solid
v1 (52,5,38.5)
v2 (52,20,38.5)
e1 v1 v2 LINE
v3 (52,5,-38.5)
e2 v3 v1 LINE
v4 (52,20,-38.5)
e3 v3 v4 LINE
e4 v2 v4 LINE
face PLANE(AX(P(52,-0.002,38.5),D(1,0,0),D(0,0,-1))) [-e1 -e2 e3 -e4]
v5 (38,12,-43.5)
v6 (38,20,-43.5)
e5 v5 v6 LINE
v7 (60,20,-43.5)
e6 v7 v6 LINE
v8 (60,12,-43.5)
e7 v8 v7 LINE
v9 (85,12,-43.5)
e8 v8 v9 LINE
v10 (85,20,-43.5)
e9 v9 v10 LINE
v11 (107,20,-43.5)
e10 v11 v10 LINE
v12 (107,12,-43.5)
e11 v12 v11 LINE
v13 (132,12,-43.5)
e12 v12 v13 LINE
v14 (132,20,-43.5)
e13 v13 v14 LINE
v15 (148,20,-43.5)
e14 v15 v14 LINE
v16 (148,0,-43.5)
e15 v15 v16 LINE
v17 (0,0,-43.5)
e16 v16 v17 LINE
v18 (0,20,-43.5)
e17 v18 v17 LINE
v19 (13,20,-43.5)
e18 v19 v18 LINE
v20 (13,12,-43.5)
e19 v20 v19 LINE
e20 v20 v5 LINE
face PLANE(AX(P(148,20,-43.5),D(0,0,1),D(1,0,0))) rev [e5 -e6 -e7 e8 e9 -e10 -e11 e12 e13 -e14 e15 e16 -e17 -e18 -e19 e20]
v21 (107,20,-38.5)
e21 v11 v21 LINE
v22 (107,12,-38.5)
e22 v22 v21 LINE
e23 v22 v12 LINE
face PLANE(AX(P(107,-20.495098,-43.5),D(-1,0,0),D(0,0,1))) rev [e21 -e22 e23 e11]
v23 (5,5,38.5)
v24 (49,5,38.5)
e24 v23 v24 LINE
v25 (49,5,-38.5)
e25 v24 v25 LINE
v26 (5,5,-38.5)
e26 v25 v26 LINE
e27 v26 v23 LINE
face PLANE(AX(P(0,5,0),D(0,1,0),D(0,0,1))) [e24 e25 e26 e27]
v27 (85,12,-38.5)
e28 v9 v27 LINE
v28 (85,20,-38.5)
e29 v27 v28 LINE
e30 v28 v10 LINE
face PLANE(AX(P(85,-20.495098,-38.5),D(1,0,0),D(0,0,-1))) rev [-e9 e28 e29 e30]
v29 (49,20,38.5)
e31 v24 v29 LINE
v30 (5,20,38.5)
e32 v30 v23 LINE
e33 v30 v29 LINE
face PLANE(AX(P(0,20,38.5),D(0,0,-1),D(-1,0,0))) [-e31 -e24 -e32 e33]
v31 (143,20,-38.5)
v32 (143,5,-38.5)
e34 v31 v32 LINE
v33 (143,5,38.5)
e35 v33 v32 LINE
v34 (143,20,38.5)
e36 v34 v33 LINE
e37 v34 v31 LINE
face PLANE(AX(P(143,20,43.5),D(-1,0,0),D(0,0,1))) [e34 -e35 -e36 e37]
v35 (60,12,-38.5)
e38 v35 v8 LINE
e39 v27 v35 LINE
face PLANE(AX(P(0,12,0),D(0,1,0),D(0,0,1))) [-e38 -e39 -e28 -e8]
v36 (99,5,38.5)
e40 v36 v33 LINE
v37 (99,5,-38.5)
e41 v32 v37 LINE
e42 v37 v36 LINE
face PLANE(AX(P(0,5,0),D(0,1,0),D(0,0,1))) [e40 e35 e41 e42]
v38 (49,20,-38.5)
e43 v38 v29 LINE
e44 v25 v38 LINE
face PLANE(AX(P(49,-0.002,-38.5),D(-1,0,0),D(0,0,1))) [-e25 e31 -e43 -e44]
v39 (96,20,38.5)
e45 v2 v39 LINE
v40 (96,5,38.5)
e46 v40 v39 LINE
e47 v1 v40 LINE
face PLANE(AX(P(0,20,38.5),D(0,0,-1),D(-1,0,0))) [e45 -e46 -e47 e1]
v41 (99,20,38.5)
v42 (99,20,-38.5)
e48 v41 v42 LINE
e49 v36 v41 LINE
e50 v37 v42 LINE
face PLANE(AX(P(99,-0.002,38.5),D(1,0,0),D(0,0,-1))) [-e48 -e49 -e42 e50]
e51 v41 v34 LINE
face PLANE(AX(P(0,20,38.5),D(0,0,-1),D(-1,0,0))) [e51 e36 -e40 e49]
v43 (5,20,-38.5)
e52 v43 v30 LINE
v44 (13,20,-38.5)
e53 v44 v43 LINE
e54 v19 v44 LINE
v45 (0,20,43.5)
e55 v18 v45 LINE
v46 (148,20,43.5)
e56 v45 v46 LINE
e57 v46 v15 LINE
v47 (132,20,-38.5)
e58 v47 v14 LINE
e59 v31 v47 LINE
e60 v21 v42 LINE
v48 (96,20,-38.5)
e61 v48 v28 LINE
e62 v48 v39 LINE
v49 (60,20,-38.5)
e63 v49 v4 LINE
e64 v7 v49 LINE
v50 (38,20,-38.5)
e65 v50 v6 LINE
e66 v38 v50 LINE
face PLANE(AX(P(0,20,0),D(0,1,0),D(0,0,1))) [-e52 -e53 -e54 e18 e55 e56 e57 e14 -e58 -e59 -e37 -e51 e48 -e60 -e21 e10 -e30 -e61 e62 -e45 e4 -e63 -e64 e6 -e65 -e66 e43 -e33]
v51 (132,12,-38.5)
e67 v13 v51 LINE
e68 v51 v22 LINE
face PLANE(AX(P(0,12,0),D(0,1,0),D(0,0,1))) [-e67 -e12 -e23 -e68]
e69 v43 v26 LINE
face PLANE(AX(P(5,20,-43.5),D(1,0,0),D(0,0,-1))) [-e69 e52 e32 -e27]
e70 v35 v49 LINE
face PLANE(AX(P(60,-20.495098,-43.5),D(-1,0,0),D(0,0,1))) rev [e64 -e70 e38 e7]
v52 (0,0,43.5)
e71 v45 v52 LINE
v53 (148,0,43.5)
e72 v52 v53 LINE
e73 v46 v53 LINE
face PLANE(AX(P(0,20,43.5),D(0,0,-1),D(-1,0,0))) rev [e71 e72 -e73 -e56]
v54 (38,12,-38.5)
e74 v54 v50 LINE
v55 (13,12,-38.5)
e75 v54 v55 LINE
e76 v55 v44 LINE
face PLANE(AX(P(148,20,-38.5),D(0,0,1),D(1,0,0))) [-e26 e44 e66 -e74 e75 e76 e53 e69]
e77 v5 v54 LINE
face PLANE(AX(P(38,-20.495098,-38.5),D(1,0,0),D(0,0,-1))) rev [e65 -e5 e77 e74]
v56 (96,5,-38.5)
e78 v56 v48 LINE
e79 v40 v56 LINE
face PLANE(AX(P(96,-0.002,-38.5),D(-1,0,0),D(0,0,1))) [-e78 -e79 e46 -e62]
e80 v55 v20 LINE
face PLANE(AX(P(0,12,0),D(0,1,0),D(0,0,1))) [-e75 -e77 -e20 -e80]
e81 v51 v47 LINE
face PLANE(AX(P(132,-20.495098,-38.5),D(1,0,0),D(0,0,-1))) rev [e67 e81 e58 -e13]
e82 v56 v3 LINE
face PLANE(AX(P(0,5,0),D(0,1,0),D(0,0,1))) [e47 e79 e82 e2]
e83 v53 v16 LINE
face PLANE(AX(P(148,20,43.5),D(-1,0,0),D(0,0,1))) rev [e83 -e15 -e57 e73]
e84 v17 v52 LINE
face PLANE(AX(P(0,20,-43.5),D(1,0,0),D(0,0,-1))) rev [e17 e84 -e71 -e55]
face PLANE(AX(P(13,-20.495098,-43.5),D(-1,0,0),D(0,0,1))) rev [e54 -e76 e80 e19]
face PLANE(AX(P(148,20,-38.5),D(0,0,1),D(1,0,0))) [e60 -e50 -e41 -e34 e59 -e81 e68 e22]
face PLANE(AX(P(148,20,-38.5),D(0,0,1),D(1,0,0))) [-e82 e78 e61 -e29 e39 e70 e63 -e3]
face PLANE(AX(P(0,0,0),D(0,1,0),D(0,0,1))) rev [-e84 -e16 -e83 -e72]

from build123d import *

# Parameters (mm, degrees)
SKETCH1_W           = 148
SKETCH1_H           = 87
BOSS_EXTRUDE1_DEPTH = 20
SHELL1_T            = -5
BOSS_EXTRUDE2_REACH = 157.551
SKETCH2_W           = 3
SKETCH2_H           = 77
SKETCH3_W           = 25
SKETCH3_H           = 5
CUT_EXTRUDE1_DEPTH  = 8


with BuildPart() as part:
    # Sketch1 → Boss-Extrude1 (new body)
    with BuildSketch(Plane(origin=(0, 0, 0), x_dir=(1, 0, 0), z_dir=(0, 1, 0))):
        with Locations((74, 0)):
            Rectangle(SKETCH1_W, SKETCH1_H)
    extrude(amount=BOSS_EXTRUDE1_DEPTH)

    # Shell1
    shell1_openings = [part.faces().sort_by_distance(p)[0] for p in [
        (74, 20, 0),
    ]]
    offset(amount=SHELL1_T, openings=shell1_openings, kind=Kind.INTERSECTION)

    # Sketch2 → Boss-Extrude2 (add, up to next)
    with BuildSketch(Plane(origin=(0, 20, 0), x_dir=(1, 0, 0), z_dir=(0, 1, 0)), mode=Mode.PRIVATE) as boss_extrude2_sk1:
        with Locations((50.5, 0)):
            Rectangle(SKETCH2_W, SKETCH2_H)
    boss_extrude2_tool1 = extrude(boss_extrude2_sk1.sketch, amount=-BOSS_EXTRUDE2_REACH, mode=Mode.PRIVATE) - part.part
    # Sketch2 → Boss-Extrude2 (add, up to next)
    with BuildSketch(Plane(origin=(0, 20, 0), x_dir=(1, 0, 0), z_dir=(0, 1, 0)), mode=Mode.PRIVATE) as boss_extrude2_sk2:
        with Locations((97.5, 0)):
            Rectangle(SKETCH2_W, SKETCH2_H)
    boss_extrude2_tool2 = extrude(boss_extrude2_sk2.sketch, amount=-BOSS_EXTRUDE2_REACH, mode=Mode.PRIVATE) - part.part
    add(boss_extrude2_tool1.solids().sort_by_distance((50.5, 20, 0))[0])
    add(boss_extrude2_tool2.solids().sort_by_distance((97.5, 20, 0))[0])

    # Sketch3 → Cut-Extrude1 (cut)
    with BuildSketch(Plane(origin=(0, 20, 0), x_dir=(1, 0, 0), z_dir=(0, 1, 0))):
        with Locations((25.5, 41)):
            Rectangle(SKETCH3_W, SKETCH3_H)
        with Locations((72.5, 41)):
            Rectangle(SKETCH3_W, SKETCH3_H)
        with Locations((119.5, 41)):
            Rectangle(SKETCH3_W, SKETCH3_H)
    extrude(amount=-CUT_EXTRUDE1_DEPTH, mode=Mode.SUBTRACT)


solid = part.part
